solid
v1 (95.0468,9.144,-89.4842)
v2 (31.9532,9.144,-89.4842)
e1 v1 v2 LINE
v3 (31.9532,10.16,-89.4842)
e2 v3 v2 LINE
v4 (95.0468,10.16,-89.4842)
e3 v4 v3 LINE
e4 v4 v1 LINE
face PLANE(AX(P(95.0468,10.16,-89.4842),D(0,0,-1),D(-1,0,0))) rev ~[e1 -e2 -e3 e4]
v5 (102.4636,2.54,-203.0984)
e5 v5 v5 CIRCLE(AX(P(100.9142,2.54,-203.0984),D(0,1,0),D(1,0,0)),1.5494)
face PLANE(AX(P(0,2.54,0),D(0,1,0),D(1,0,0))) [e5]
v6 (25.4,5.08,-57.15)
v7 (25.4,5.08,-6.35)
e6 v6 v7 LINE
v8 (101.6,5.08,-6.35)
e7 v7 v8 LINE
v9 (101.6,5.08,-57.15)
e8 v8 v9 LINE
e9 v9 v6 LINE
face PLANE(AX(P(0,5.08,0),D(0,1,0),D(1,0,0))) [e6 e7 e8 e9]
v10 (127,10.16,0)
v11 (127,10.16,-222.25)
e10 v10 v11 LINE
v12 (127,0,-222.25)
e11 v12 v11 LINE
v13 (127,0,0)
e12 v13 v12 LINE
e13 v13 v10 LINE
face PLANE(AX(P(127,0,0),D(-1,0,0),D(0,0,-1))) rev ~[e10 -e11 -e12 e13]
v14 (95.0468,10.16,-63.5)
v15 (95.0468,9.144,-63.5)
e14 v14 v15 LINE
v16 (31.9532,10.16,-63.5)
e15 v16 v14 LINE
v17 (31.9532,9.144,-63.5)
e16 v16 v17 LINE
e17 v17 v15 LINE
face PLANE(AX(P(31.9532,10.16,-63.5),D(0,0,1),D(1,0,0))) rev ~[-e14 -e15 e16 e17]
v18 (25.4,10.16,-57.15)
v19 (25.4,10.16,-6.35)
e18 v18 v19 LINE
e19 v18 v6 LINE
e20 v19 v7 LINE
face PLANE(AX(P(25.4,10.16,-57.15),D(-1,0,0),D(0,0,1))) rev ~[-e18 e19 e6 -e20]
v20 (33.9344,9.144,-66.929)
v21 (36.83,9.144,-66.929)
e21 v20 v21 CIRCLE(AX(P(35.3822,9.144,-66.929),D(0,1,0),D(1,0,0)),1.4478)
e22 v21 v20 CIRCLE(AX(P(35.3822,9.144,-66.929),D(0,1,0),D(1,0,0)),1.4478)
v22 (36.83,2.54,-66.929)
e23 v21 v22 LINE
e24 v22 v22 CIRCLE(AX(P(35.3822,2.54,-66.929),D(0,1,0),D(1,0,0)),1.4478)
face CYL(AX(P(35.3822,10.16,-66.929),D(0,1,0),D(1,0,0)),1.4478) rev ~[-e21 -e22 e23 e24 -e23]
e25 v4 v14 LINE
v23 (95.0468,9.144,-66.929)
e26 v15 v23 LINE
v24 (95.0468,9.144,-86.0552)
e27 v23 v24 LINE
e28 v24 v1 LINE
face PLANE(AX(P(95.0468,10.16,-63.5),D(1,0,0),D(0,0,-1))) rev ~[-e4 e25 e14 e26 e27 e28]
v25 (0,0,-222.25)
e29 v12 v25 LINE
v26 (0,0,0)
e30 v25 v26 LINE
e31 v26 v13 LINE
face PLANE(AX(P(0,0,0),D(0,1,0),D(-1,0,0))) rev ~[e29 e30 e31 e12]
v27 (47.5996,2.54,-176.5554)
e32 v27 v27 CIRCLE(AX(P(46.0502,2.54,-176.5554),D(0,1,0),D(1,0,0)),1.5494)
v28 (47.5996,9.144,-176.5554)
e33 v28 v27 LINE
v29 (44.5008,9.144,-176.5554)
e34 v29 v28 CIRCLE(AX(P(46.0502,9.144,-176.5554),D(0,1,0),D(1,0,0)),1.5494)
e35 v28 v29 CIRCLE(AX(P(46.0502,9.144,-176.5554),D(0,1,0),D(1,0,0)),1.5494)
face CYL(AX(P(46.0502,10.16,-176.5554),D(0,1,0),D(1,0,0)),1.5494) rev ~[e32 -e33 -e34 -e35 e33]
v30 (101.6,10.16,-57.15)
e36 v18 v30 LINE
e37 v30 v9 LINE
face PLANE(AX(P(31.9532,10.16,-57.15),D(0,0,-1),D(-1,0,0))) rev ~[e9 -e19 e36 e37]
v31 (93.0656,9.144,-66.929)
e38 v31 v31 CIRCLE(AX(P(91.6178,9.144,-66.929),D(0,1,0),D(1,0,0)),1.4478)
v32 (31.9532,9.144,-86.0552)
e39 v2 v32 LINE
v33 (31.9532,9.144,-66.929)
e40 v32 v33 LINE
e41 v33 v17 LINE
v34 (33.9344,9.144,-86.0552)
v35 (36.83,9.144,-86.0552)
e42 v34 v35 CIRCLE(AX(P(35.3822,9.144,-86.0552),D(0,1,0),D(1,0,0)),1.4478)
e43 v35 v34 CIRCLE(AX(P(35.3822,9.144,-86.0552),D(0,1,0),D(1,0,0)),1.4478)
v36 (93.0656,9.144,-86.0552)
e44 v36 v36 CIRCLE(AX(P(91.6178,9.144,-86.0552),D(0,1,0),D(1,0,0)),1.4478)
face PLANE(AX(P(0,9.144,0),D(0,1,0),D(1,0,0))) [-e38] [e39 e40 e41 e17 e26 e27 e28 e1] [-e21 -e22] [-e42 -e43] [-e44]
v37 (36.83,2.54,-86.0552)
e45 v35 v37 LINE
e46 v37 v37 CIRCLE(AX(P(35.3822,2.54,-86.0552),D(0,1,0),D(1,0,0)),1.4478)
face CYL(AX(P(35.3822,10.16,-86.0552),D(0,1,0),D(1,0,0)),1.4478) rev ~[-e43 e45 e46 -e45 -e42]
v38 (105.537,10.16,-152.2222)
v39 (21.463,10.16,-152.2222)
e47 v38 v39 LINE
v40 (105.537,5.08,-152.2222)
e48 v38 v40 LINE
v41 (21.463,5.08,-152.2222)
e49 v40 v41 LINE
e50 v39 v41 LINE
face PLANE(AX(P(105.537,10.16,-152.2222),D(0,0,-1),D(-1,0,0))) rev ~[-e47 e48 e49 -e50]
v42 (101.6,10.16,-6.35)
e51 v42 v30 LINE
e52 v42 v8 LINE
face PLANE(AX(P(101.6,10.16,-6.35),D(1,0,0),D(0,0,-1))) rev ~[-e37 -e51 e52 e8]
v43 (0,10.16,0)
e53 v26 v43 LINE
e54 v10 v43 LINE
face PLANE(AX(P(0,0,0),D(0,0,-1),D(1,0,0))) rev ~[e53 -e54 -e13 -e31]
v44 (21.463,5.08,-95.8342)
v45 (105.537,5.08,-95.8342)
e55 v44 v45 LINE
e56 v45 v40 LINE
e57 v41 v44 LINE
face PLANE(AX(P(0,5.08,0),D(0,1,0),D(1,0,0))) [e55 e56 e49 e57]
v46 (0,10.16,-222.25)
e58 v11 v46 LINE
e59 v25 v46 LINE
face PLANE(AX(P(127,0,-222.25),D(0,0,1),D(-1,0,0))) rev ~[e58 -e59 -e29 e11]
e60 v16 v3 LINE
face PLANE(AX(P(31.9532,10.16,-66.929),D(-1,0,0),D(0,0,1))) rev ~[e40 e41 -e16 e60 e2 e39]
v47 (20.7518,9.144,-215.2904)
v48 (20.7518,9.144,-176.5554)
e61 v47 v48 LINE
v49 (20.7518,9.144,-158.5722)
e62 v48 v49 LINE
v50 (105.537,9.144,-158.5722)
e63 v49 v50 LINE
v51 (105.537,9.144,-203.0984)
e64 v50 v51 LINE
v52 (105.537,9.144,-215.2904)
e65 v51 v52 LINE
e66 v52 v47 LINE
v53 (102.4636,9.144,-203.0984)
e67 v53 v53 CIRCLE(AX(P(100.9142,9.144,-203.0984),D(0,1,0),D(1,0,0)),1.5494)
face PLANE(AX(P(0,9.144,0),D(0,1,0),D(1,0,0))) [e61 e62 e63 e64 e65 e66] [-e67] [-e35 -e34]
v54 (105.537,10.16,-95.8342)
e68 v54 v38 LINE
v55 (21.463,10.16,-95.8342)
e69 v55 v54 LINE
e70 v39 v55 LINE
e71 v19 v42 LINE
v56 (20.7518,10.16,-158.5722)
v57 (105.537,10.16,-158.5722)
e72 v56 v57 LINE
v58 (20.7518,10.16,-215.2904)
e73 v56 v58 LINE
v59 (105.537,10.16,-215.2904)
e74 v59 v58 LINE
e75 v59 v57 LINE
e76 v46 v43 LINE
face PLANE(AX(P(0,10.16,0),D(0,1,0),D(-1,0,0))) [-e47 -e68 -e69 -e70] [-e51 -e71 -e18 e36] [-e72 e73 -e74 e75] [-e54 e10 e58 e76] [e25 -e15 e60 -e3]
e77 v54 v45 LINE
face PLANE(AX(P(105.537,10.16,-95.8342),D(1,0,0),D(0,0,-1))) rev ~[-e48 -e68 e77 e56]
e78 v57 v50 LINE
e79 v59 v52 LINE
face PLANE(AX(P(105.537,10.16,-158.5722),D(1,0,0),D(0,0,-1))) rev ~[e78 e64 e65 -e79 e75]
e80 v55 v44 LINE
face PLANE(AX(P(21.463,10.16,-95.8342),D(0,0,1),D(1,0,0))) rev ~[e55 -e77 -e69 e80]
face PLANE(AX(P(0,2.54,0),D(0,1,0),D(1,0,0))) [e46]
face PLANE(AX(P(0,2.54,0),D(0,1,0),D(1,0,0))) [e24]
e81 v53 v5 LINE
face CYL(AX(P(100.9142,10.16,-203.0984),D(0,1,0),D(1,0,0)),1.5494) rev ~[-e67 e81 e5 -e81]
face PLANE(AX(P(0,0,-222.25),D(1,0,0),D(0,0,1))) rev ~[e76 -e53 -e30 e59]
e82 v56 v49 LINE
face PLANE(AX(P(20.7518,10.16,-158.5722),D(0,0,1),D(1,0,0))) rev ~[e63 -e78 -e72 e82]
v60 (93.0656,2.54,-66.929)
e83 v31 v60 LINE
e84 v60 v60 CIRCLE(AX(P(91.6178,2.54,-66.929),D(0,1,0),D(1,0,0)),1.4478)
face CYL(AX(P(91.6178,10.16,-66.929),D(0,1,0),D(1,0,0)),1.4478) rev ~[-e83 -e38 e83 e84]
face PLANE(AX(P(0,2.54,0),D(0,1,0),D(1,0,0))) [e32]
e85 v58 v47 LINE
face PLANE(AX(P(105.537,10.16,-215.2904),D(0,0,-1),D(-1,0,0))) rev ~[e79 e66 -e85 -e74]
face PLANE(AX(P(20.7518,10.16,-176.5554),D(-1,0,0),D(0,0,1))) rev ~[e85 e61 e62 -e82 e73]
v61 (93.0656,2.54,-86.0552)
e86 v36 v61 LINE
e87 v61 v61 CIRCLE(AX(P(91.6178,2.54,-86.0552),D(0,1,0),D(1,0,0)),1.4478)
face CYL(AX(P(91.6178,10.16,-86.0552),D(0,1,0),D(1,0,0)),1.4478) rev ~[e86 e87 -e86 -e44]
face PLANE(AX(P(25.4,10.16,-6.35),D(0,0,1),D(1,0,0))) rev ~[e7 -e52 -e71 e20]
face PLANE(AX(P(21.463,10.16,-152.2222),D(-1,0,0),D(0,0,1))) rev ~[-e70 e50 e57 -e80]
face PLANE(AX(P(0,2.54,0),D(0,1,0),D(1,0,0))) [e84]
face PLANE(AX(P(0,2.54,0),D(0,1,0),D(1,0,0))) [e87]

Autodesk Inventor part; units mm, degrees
ref_plane "YZ Plane" through (0, 0, 0) normal (1, 0, 0) x (0, 1, 0)
ref_plane "XZ Plane" through (0, 0, 0) normal (0, 1, 0) x (-1, 0, 0)
ref_plane "XY Plane" through (0, 0, 0) normal (0, 0, 1) x (1, 0, 0)
sketch "Sketch1" plane through (0, 0, 0) normal (0, 1, 0) x (-1, 0, 0)
  line L0 (0, 0) -> (-127, 0)
  line L1 (-127, 0) -> (-127, -222.25)
  line L2 (-127, -222.25) -> (0, -222.25)
  line L3 (0, -222.25) -> (0, 0)
  line L4 (0, 0) -> (-25.4, 0)
  line L5 (-127, 0) -> (-101.6, 0)
  line L6 (-25.4, 0) -> (-25.4, -6.35)
  line L7 (-101.6, 0) -> (-101.6, -6.35)
  line L8 (-25.4, -6.35) -> (-101.6, -6.35)
  line L9 (-101.6, -6.35) -> (-101.6, -57.15)
  line L10 (-101.6, -57.15) -> (-25.4, -57.15)
  line L11 (-25.4, -57.15) -> (-25.4, -6.35)
  dimension "d0" = 222.25
  dimension "d1" = 127
  dimension "d2" = 25.4
  dimension "d3" = 25.4
  dimension "d4" = 6.35
  dimension "d5" = 6.35
  dimension "d6" = 50.8
extrude "Extrusion1" add sketch "Sketch1" along normal blind 10.16
sketch "Sketch3" plane through (0, 10.16, 0) normal (0, 1, 0) x (1, 0, 0)
  line L0 (0, 0) -> (25.4, 0)
  line L1 (0, 0) -> (127, 0) projected
  line L2 (25.4, 0) -> (25.4, 6.35)
  line L3 (127, 0) -> (101.6, 0)
  line L4 (101.6, 0) -> (101.6, 6.35)
  line L5 (25.4, 6.35) -> (101.6, 6.35)
  line L6 (101.6, 6.35) -> (101.6, 57.15)
  line L7 (101.6, 57.15) -> (25.4, 57.15)
  line L8 (25.4, 57.15) -> (25.4, 6.35)
  line L9 (0, 222.25) -> (0, 0) projected
  line L10 (0, 57.15) -> (31.9532, 57.15)
  line L11 (127, 57.15) -> (95.0468, 57.15)
  line L12 (31.9532, 57.15) -> (31.9532, 63.5)
  line L13 (95.0468, 57.15) -> (95.0468, 63.5)
  line L14 (31.9532, 63.5) -> (95.0468, 63.5)
  line L15 (95.0468, 63.5) -> (95.0468, 89.4842)
  line L16 (95.0468, 89.4842) -> (31.9532, 89.4842)
  line L17 (31.9532, 89.4842) -> (31.9532, 63.5)
  line L18 (31.9532, 63.5) -> (31.9532, 66.929)
  line L19 (31.9532, 66.929) -> (35.3822, 66.929)
  line L20 (31.9532, 89.4842) -> (31.9532, 86.0552)
  line L21 (31.9532, 86.0552) -> (35.3822, 86.0552)
  line L22 (95.0468, 63.5) -> (95.0468, 66.929)
  line L23 (95.0468, 66.929) -> (91.6178, 66.929)
  line L24 (95.0468, 89.4842) -> (95.0468, 86.0552)
  line L25 (95.0468, 86.0552) -> (91.6178, 86.0552)
  circle A0 centre (91.6178, 66.929) radius 1.4478
  circle A1 centre (91.6178, 86.0552) radius 1.4478
  circle A2 centre (35.3822, 66.929) radius 1.4478
  circle A3 centre (35.3822, 86.0552) radius 1.4478
  line L26 (0, 89.4842) -> (21.463, 89.4842)
  line L27 (127, 0) -> (127, 222.25) projected
  line L28 (127, 89.4842) -> (105.537, 89.4842)
  line L29 (21.463, 89.4842) -> (21.463, 95.8342)
  line L30 (105.537, 89.4842) -> (105.537, 95.8342)
  line L31 (21.463, 95.8342) -> (105.537, 95.8342)
  line L32 (105.537, 95.8342) -> (105.537, 152.2222)
  line L33 (105.537, 152.2222) -> (21.463, 152.2222)
  line L34 (21.463, 152.2222) -> (21.463, 95.8342)
  line L35 (0, 152.2222) -> (20.7518, 152.2222)
  line L36 (127, 152.2222) -> (106.2482, 152.2222)
  line L37 (106.2482, 152.2222) -> (106.2482, 158.5722)
  line L38 (20.7518, 152.2222) -> (20.7518, 158.5722)
  line L39 (20.7518, 158.5722) -> (105.537, 158.5722)
  line L40 (105.537, 158.5722) -> (105.537, 215.2904)
  line L41 (105.537, 215.2904) -> (20.7518, 215.2904)
  line L42 (20.7518, 215.2904) -> (20.7518, 158.5722)
  line L43 (20.7518, 158.5722) -> (20.7518, 176.5554)
  line L44 (20.7518, 176.5554) -> (46.0502, 176.5554)
  line L45 (105.537, 215.2904) -> (105.537, 203.0984)
  line L46 (105.537, 203.0984) -> (100.9142, 203.0984)
  circle A4 centre (46.0502, 176.5554) radius 1.5494
  circle A5 centre (100.9142, 203.0984) radius 1.5494
  dimension "d15" = 25.4
  dimension "d16" = 6.35
  dimension "d17" = 25.4
  dimension "d18" = 6.35
  dimension "d19" = 50.8
  dimension "d20" = 31.9532
  dimension "d21" = 31.9532
  dimension "d22" = 6.35
  dimension "d23" = 25.9842
  dimension "d24" = 3.429
  dimension "d25" = 3.429
  dimension "d26" = 3.429
  dimension "d27" = 3.429
  dimension "d28" = 2.8956
  dimension "d29" = 2.8956
  dimension "d30" = 2.8956
  dimension "d31" = 2.8956
  dimension "d32" = 21.463
  dimension "d33" = 21.463
  dimension "d34" = 6.35
  dimension "d35" = 6.35
  dimension "d36" = 56.388
  dimension "d37" = 20.7518
  dimension "d38" = 20.7518
  dimension "d39" = 6.35
  dimension "d40" = 56.7182
  dimension "d41" = 17.9832
  dimension "d42" = 25.2984
  dimension "d43" = 12.192
  dimension "d44" = 4.6228
  dimension "d45" = 3.0988
  dimension "d46" = 3.0988
sketch "Sketch4" plane through (0, 10.16, 0) normal (0, 1, 0) x (1, 0, 0)
  circle A0 centre (91.6178, 66.929) radius 1.4478
  circle A1 centre (91.6178, 86.0552) radius 1.4478
  circle A2 centre (35.3822, 66.929) radius 1.4478
  circle A3 centre (35.3822, 86.0552) radius 1.4478
  circle A4 centre (46.0502, 176.5554) radius 1.5494
  circle A5 centre (100.9142, 203.0984) radius 1.5494
  point P0 (0, 0)
  dimension "d47" = 2.8956
  dimension "d48" = 2.8956
  dimension "d49" = 2.8956
  dimension "d50" = 2.8956
  dimension "d51" = 3.0988
  dimension "d52" = 3.0988
extrude "Extrusion2" cut sketch "Sketch3" against normal blind 5.08 contours L8 L7 L6 L5 | L34 L33 L32 L31
sketch "Sketch5" plane through (0, 10.16, 0) normal (0, 1, 0) x (1, 0, 0)
  line L0 (0, 0) -> (25.4, 0)
  line L1 (0, 0) -> (127, 0)
  line L2 (25.4, 0) -> (25.4, 6.35)
  line L3 (127, 0) -> (101.6, 0)
  line L4 (101.6, 0) -> (101.6, 6.35)
  line L5 (25.4, 6.35) -> (101.6, 6.35)
  line L6 (101.6, 6.35) -> (101.6, 57.15)
  line L7 (101.6, 57.15) -> (25.4, 57.15)
  line L8 (25.4, 57.15) -> (25.4, 6.35)
  line L9 (0, 222.25) -> (0, 0)
  line L10 (0, 57.15) -> (31.9532, 57.15)
  line L11 (127, 57.15) -> (95.0468, 57.15)
  line L12 (31.9532, 57.15) -> (31.9532, 63.5)
  line L13 (95.0468, 57.15) -> (95.0468, 63.5)
  line L14 (31.9532, 63.5) -> (95.0468, 63.5)
  line L15 (95.0468, 63.5) -> (95.0468, 89.4842)
  line L16 (95.0468, 89.4842) -> (31.9532, 89.4842)
  line L17 (31.9532, 89.4842) -> (31.9532, 63.5)
  line L18 (31.9532, 63.5) -> (31.9532, 66.929)
  line L19 (31.9532, 66.929) -> (35.3822, 66.929)
  line L20 (31.9532, 89.4842) -> (31.9532, 86.0552)
  line L21 (31.9532, 86.0552) -> (35.3822, 86.0552)
  line L22 (95.0468, 63.5) -> (95.0468, 66.929)
  line L23 (95.0468, 66.929) -> (91.6178, 66.929)
  line L24 (95.0468, 89.4842) -> (95.0468, 86.0552)
  line L25 (95.0468, 86.0552) -> (91.6178, 86.0552)
  circle A0 centre (91.6178, 66.929) radius 1.4478
  circle A1 centre (91.6178, 86.0552) radius 1.4478
  circle A2 centre (35.3822, 66.929) radius 1.4478
  circle A3 centre (35.3822, 86.0552) radius 1.4478
  line L26 (0, 89.4842) -> (21.463, 89.4842)
  line L27 (127, 0) -> (127, 222.25)
  line L28 (127, 89.4842) -> (105.537, 89.4842)
  line L29 (21.463, 89.4842) -> (21.463, 95.8342)
  line L30 (105.537, 89.4842) -> (105.537, 95.8342)
  line L31 (21.463, 95.8342) -> (105.537, 95.8342)
  line L32 (105.537, 95.8342) -> (105.537, 152.2222)
  line L33 (105.537, 152.2222) -> (21.463, 152.2222)
  line L34 (21.463, 152.2222) -> (21.463, 95.8342)
  line L35 (0, 152.2222) -> (20.7518, 152.2222)
  line L36 (127, 152.2222) -> (106.2482, 152.2222)
  line L37 (106.2482, 152.2222) -> (106.2482, 158.5722)
  line L38 (20.7518, 152.2222) -> (20.7518, 158.5722)
  line L39 (20.7518, 158.5722) -> (105.537, 158.5722)
  line L40 (105.537, 158.5722) -> (105.537, 215.2904)
  line L41 (105.537, 215.2904) -> (20.7518, 215.2904)
  line L42 (20.7518, 215.2904) -> (20.7518, 158.5722)
  line L43 (20.7518, 158.5722) -> (20.7518, 176.5554)
  line L44 (20.7518, 176.5554) -> (46.0502, 176.5554)
  line L45 (105.537, 215.2904) -> (105.537, 203.0984)
  line L46 (105.537, 203.0984) -> (100.9142, 203.0984)
  circle A4 centre (46.0502, 176.5554) radius 1.5494
  circle A5 centre (100.9142, 203.0984) radius 1.5494
  dimension "d55" = 25.4
  dimension "d56" = 6.35
  dimension "d57" = 25.4
  dimension "d58" = 6.35
  dimension "d59" = 50.8
  dimension "d60" = 31.9532
  dimension "d61" = 31.9532
  dimension "d62" = 6.35
  dimension "d63" = 25.9842
  dimension "d64" = 3.429
  dimension "d65" = 3.429
  dimension "d66" = 3.429
  dimension "d67" = 3.429
  dimension "d68" = 2.8956
  dimension "d69" = 2.8956
  dimension "d70" = 2.8956
  dimension "d71" = 2.8956
  dimension "d72" = 21.463
  dimension "d73" = 21.463
  dimension "d74" = 6.35
  dimension "d75" = 6.35
  dimension "d76" = 56.388
  dimension "d77" = 20.7518
  dimension "d78" = 20.7518
  dimension "d79" = 6.35
  dimension "d80" = 56.7182
  dimension "d81" = 17.9832
  dimension "d82" = 25.2984
  dimension "d83" = 12.192
  dimension "d84" = 4.6228
  dimension "d85" = 3.0988
  dimension "d86" = 3.0988
extrude "Extrusion3" cut sketch "Sketch5" against normal blind 1.016 contours L42 L41 L40 L39 | L17 L16 L15 L14
extrude "Extrusion4" cut sketch "Sketch4" against normal blind 7.62
properties part number "base embed"
